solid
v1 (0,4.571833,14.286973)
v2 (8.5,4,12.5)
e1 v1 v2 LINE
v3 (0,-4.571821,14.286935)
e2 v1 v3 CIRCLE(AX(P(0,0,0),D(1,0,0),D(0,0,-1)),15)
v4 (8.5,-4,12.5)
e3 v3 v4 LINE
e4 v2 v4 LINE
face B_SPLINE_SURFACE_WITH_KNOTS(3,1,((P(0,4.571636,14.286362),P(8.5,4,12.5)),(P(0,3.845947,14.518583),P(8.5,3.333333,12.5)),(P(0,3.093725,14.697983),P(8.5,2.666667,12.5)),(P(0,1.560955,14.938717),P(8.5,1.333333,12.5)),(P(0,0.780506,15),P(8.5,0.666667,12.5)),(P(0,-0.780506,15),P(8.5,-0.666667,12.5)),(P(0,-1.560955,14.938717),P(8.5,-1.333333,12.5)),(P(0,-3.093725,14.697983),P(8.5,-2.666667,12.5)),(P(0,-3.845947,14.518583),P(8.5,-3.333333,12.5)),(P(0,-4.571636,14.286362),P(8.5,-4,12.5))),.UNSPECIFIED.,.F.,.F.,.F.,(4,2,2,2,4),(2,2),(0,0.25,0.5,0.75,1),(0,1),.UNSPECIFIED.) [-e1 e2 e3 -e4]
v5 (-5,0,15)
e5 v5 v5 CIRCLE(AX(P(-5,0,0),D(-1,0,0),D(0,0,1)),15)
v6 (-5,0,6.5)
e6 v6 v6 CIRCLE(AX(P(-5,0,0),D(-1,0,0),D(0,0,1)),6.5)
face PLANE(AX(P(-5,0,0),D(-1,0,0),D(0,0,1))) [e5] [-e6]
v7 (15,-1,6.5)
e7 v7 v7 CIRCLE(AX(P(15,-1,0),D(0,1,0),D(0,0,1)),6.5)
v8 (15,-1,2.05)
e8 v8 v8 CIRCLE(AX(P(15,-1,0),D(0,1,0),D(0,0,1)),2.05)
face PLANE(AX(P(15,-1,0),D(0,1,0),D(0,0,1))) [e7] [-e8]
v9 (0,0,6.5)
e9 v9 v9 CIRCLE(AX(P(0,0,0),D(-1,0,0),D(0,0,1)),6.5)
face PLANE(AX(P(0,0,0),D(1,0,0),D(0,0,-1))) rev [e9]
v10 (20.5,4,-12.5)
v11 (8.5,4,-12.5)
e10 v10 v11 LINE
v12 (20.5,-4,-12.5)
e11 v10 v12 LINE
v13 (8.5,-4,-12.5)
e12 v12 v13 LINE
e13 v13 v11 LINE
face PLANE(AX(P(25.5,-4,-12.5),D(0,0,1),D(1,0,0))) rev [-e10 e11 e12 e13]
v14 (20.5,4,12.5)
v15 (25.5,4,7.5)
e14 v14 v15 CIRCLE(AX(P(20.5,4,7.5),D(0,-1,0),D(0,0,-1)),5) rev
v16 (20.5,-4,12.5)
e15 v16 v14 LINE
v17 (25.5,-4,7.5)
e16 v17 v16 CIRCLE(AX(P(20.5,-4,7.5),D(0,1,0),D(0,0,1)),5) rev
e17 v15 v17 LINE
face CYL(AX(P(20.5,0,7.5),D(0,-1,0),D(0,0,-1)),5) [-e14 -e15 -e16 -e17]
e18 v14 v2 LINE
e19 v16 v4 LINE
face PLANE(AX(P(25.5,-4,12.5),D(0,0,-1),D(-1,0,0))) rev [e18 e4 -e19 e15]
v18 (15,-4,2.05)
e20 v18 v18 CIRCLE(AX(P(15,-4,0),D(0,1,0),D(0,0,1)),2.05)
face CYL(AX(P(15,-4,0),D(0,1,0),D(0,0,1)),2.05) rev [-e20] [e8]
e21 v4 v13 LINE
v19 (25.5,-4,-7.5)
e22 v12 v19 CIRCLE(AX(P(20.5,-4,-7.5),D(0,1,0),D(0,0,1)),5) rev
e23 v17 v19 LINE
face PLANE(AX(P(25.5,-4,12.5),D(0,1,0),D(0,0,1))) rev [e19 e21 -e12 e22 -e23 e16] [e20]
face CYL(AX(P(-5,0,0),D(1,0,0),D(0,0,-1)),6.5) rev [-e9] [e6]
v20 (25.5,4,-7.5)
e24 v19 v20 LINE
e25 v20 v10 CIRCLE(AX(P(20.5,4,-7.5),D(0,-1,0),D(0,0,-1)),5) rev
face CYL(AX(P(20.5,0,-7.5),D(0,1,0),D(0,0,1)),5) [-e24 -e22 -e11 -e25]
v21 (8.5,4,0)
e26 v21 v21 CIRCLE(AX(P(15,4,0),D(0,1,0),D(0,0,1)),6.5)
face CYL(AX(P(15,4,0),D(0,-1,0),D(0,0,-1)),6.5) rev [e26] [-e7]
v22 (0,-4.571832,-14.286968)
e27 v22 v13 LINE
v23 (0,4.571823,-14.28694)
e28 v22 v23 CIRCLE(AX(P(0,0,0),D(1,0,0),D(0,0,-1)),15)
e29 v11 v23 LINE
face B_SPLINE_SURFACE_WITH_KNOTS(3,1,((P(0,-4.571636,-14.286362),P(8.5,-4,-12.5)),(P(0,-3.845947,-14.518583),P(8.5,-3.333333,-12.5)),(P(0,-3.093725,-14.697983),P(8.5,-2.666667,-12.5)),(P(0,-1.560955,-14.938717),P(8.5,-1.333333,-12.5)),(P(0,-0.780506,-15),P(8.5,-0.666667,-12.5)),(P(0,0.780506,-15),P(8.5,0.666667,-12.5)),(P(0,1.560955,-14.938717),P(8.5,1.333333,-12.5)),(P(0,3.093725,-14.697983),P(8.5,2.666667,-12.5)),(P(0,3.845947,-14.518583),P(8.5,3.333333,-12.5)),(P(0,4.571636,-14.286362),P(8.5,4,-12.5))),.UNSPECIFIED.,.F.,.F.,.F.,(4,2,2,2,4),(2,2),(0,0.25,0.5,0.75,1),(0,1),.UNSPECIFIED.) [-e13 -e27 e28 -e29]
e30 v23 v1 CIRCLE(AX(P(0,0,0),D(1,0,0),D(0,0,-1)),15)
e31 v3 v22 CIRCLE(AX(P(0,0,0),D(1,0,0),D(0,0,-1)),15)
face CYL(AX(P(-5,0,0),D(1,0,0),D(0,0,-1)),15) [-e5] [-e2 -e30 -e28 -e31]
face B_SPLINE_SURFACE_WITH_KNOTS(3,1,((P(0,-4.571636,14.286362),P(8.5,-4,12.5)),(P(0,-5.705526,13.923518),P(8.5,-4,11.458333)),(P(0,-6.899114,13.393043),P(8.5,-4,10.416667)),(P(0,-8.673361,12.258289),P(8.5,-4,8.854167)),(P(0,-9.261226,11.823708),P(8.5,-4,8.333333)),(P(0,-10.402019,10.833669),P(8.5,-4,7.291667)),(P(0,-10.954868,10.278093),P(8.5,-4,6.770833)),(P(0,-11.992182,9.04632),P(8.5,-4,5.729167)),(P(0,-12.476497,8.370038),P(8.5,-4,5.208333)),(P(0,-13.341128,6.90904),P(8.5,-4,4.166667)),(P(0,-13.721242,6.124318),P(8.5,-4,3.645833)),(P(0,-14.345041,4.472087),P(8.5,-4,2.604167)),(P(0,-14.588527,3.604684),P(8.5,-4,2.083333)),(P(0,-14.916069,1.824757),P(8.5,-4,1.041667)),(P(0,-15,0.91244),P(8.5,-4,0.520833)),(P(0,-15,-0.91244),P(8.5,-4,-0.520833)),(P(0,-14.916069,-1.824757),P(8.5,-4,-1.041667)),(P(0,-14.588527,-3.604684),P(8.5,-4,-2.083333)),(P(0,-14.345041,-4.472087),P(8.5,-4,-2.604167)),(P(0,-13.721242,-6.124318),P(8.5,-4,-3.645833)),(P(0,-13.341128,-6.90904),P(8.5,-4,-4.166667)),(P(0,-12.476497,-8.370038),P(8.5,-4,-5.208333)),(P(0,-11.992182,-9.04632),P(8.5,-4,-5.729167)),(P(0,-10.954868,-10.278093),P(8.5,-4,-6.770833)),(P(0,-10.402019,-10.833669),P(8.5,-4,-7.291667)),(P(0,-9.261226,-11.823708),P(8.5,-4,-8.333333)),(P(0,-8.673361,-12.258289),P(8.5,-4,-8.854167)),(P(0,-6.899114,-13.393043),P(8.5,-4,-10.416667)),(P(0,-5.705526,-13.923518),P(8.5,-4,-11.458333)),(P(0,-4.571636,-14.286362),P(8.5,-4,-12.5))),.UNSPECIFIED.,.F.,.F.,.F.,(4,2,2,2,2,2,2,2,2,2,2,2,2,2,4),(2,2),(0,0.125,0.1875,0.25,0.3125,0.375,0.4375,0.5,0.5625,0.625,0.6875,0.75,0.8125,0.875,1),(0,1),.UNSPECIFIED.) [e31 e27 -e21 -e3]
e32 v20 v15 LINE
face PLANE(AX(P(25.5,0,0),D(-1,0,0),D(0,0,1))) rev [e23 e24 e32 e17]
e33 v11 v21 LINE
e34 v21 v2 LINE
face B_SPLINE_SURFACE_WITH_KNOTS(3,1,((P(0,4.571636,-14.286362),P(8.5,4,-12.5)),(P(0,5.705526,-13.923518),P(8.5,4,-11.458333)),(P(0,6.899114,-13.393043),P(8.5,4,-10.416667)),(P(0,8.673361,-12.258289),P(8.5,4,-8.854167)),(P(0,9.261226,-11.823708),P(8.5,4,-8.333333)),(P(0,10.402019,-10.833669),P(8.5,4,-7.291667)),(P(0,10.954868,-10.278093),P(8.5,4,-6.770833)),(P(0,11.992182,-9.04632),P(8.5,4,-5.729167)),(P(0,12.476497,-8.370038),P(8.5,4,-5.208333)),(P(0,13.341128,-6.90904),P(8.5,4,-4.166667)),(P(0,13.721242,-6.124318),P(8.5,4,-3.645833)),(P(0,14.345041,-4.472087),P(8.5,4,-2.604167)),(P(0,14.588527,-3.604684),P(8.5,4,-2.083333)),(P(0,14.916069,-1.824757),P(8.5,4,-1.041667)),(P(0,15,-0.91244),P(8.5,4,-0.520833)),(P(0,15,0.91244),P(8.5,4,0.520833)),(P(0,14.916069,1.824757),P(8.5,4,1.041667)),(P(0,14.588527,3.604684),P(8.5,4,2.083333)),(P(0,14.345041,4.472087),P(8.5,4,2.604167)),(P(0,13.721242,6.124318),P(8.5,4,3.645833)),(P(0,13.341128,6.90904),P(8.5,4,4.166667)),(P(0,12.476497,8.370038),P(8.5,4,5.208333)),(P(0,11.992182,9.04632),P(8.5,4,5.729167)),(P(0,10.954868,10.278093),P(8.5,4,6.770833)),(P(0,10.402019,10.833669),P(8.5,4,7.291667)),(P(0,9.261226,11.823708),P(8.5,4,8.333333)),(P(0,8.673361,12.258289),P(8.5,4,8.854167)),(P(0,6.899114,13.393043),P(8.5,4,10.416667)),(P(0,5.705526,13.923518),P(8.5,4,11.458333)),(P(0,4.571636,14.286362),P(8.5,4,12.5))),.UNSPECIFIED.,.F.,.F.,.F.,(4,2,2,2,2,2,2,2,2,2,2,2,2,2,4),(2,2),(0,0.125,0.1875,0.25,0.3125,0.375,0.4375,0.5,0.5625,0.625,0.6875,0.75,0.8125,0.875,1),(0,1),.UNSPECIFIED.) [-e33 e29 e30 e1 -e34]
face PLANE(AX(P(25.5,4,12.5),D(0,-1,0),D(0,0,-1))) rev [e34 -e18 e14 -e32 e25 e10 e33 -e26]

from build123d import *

# Parameters (mm, degrees)
SKETCH2_3_W             = 25
SKETCH2_3_H             = 8
BOSS_EXTRUDE1_DEPTH     = 17
FILLET2_R               = 5
CUT_EXTRUDE2_DEPTH      = 4
CUT_EXTRUDE2_DEPTH_BACK = 1
SKETCH3_R               = 6.5
SKETCH4_R               = 15
SKETCH4_R_2             = 6.5
BOSS_EXTRUDE2_DEPTH     = 5
SKETCH5_R               = 2.05
CUT_EXTRUDE3_DEPTH      = 3


with BuildPart() as part:
    # Sketch1 for Loft1 → Loft1 section 0
    with BuildSketch(Plane(origin=(0, 0, 0), x_dir=(0, 0, -1), z_dir=(1, 0, 0))):
        with BuildLine():
            # circular arc as an exact rational Bezier (weights 1, cos(half-angle), 1)
            Bezier((-14.286362208, -4.571635907), (0, -49.216517801), (14.286362208, -4.571635907), weights=[1, 0.304775727, 1])
            Bezier((14.286362208, -4.571635907), (15.749285698, 0), (14.286362208, 4.571635907), weights=[1, 0.952424147, 1])
            Bezier((14.286362208, 4.571635907), (0, 49.216517801), (-14.286362208, 4.571635907), weights=[1, 0.304775727, 1])
            Bezier((-14.286362208, 4.571635907), (-15.749285698, 0), (-14.286362208, -4.571635907), weights=[1, 0.952424147, 1])
        make_face()
    # Sketch2 → Loft1 section 1
    with BuildSketch(Plane(origin=(8.5, 0, 0), x_dir=(0, 0, -1), z_dir=(1, 0, 0))):
        with BuildLine():
            Line((-12.5, -4), (12.5, -4))
            Line((12.5, -4), (12.5, 4))
            Line((12.5, 4), (-12.5, 4))
            Line((-12.5, 4), (-12.5, -4))
        make_face()
    loft()

    # Sketch2_3 → Boss-Extrude1 (add)
    with BuildSketch(Plane(origin=(8.5, 0, 0), x_dir=(0, 0, -1), z_dir=(1, 0, 0))):
        Rectangle(SKETCH2_3_W, SKETCH2_3_H)
    extrude(amount=BOSS_EXTRUDE1_DEPTH)

    # Fillet2
    fillet2_edges = [part.edges().sort_by_distance(p)[0] for p in [
        (25.5, 0, 12.5),
        (25.5, 0, -12.5),
    ]]
    fillet(fillet2_edges, radius=FILLET2_R)

    # Sketch3 → Cut-Extrude2 (cut, two sides: drawn at the far end of the back side and taken through both)
    with BuildSketch(Plane(origin=(0, 0, 0), x_dir=(1, 0, 0), z_dir=(0, 1, 0)).offset(-CUT_EXTRUDE2_DEPTH_BACK)):
        with Locations((15, 0)):
            Circle(SKETCH3_R)
    extrude(amount=CUT_EXTRUDE2_DEPTH + CUT_EXTRUDE2_DEPTH_BACK, mode=Mode.SUBTRACT)

    # Sketch4 → Boss-Extrude2 (add)
    with BuildSketch(Plane.ZY):
        Circle(SKETCH4_R)
        Circle(SKETCH4_R_2, mode=Mode.SUBTRACT)
    extrude(amount=BOSS_EXTRUDE2_DEPTH)

    # Sketch5 → Cut-Extrude3 (cut)
    with BuildSketch(Plane(origin=(0, -1, 0), x_dir=(1, 0, 0), z_dir=(0, 1, 0))):
        with Locations((15, 0)):
            Circle(SKETCH5_R)
    extrude(amount=-CUT_EXTRUDE3_DEPTH, mode=Mode.SUBTRACT)


solid = part.part
